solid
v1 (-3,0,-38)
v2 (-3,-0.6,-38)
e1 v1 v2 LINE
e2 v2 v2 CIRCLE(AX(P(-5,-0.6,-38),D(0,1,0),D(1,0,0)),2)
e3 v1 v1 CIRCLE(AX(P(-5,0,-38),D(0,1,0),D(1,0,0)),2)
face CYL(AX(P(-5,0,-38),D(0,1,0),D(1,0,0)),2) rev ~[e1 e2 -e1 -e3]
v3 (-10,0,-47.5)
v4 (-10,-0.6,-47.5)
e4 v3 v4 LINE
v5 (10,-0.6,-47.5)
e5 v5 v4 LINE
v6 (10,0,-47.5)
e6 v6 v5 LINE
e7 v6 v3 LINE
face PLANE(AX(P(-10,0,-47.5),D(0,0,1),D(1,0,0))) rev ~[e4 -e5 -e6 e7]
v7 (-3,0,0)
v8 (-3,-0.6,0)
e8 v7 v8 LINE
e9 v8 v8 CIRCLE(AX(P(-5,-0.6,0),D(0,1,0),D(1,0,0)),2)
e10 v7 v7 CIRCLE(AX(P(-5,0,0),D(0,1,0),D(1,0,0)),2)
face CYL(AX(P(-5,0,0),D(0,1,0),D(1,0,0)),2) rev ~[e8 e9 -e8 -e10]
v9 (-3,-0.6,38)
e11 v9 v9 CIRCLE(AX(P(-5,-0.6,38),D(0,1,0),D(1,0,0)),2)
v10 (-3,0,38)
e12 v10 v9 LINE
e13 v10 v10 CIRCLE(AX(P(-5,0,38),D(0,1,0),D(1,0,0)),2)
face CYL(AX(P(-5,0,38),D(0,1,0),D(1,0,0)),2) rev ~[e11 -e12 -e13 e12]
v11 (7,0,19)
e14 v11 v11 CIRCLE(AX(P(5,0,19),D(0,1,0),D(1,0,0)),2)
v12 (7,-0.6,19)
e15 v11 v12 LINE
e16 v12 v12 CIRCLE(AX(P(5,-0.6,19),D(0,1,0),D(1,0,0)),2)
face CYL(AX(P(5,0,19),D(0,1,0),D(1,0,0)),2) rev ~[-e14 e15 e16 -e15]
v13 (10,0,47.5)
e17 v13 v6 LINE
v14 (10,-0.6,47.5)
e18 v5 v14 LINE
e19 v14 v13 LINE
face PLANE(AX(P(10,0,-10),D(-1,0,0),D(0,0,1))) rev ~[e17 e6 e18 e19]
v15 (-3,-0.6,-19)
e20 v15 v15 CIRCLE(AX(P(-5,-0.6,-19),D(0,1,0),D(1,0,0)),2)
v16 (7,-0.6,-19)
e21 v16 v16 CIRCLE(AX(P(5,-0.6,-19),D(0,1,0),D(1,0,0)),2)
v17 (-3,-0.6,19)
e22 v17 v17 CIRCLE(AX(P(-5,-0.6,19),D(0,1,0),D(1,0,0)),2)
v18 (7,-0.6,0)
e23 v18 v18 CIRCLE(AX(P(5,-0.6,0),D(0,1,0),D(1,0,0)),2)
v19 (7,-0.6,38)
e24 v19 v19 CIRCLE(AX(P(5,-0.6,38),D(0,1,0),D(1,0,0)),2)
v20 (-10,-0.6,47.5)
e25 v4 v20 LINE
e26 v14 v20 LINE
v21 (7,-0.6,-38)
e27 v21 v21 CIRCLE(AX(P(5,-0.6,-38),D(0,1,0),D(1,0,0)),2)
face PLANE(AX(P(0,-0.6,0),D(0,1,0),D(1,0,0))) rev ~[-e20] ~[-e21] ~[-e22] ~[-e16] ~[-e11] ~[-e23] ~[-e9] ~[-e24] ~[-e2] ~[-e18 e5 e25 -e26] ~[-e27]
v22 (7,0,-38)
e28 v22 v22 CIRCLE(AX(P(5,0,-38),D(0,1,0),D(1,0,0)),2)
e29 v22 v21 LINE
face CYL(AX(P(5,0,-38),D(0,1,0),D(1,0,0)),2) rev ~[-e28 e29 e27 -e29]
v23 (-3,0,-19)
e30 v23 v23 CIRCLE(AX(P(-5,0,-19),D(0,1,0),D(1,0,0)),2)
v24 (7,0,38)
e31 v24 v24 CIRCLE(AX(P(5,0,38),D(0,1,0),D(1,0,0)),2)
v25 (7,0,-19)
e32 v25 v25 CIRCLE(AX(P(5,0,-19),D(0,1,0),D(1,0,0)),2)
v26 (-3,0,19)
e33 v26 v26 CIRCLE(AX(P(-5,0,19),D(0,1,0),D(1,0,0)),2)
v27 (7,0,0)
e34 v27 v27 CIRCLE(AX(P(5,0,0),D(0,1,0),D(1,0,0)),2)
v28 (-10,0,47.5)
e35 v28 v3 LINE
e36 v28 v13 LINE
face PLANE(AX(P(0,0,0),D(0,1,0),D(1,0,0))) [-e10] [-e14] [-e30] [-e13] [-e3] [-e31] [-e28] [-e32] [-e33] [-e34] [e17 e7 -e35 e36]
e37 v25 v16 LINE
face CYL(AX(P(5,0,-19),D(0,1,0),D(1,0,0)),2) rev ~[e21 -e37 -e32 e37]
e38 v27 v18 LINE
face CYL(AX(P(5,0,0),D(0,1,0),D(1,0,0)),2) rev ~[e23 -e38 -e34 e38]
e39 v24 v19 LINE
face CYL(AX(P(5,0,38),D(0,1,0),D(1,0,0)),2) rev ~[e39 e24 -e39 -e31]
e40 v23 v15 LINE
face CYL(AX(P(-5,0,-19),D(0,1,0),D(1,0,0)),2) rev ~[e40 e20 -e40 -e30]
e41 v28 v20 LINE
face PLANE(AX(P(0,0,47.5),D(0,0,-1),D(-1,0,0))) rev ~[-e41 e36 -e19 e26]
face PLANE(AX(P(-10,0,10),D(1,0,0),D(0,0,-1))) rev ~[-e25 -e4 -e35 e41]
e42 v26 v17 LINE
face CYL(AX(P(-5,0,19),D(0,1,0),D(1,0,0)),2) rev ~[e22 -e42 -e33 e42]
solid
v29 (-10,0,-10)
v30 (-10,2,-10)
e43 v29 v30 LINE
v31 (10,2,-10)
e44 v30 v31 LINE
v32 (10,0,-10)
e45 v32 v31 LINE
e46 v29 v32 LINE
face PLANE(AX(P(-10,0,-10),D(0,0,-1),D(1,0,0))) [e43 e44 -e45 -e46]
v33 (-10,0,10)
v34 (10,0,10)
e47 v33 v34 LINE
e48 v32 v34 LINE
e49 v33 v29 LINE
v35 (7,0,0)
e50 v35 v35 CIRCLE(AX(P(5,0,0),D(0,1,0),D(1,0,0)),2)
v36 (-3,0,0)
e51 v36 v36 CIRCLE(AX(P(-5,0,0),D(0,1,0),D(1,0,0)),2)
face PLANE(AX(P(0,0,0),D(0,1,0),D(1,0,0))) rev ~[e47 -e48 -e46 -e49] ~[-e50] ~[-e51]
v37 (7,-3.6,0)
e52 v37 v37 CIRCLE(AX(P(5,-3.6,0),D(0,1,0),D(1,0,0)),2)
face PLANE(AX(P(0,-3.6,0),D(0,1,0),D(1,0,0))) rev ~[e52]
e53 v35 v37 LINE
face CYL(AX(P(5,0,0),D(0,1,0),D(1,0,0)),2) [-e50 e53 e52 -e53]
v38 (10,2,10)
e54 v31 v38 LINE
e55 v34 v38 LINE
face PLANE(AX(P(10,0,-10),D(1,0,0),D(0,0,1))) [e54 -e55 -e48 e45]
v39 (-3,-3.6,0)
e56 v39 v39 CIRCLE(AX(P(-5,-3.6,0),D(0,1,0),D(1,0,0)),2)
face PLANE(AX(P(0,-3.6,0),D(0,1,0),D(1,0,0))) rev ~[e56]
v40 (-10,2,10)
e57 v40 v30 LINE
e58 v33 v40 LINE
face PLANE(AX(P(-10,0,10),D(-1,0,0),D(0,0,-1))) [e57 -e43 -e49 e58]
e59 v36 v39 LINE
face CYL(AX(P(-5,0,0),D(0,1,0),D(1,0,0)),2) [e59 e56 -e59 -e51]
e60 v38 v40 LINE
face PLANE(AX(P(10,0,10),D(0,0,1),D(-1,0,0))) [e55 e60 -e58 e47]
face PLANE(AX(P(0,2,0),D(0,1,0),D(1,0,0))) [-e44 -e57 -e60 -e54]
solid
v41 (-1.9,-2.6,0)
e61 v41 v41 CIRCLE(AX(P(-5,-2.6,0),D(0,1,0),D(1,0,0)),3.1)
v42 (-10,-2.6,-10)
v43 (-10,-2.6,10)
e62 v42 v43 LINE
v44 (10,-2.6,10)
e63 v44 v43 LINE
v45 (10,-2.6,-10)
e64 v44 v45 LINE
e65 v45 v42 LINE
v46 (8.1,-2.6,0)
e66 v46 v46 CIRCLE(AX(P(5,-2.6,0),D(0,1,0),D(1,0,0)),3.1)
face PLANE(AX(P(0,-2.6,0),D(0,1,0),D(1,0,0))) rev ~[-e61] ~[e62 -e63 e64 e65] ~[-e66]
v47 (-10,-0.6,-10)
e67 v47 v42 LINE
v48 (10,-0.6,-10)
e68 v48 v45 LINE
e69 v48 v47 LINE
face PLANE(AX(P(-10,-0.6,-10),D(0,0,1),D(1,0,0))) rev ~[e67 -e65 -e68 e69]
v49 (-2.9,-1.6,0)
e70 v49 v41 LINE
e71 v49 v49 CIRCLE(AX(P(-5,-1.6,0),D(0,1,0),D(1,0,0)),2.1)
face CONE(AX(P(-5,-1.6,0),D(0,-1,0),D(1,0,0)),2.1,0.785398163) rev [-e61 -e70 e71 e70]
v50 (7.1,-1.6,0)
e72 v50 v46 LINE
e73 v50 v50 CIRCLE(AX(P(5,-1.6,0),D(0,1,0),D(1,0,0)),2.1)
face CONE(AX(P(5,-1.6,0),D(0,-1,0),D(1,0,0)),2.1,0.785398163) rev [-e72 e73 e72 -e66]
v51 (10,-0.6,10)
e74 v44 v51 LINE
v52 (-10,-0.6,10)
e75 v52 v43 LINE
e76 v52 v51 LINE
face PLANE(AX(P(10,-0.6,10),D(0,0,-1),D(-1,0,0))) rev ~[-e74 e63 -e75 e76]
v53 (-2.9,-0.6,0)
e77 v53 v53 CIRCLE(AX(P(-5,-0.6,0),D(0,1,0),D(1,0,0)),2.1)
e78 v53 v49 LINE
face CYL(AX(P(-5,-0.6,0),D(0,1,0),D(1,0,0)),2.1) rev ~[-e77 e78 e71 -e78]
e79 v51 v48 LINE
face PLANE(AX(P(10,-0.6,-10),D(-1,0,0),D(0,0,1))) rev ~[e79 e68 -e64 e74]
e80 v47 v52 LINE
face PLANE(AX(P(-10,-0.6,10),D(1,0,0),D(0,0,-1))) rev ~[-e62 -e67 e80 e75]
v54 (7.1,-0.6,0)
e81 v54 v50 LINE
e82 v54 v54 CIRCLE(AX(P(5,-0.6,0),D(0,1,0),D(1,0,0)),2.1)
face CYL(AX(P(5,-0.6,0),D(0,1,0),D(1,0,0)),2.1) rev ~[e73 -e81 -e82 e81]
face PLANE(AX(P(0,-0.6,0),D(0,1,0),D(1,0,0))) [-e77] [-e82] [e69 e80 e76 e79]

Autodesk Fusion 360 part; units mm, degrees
sketch "Sketch1" plane through (0, 0, 0) normal (0, 1, 0) x (1, 0, 0)
  line L0 (10, -10) -> (-10, -10)
  line L1 (-10, -10) -> (-10, 10)
  line L2 (-10, 10) -> (10, 10)
  line L3 (10, 10) -> (10, -10)
  line L4 (10, -10) -> (-10, 10) construction
  line L5 (-10, -10) -> (10, 10) construction
  line L6 (0, 0) -> (47.3692, 0) construction
  line L7 (47.3692, 0) -> (-74.5254, 0) construction
  circle A0 centre (5, 0) radius 2
  line L8 (0, -20) -> (0, -2.5)
  circle A1 centre (-5, 0) radius 2
  dimension "d1" = 20
  dimension "d2" = 20
  dimension "d3" = 4
  dimension "d4" = 5
extrude "Extrude1" add sketch "Sketch1" along normal blind 2 contours L0 L1 L2 L3 | A0 | A1 makes body 1
extrude "Extrude2" add sketch "Sketch1" against normal blind 0.6 separate body makes body 2
extrude "Extrude3" add sketch "Sketch1" against normal blind 2 from surface at -0.6 separate body makes body 3
move_face "OffsetFaces1" offset -0.1 2 faces at (6.9901, -1.2667, 0.1991) (-3.0099, -1.2667, 0.1991) on bodies 3
chamfer "Chamfer1" distance 1 angle 45 2 edges at (3.0421, -2.6, 0.7594) (-6.9579, -2.6, 0.7594) on bodies 3
extrude "Extrude4" add sketch "Sketch1" against normal blind 3.6 contours A0 | A1 bodies 1
move_face "OffsetFaces2" offset -0.5 2 faces at (6.6667, -0.4, 10) (-3.3333, -0.2, -10) on bodies 2
pattern_linear "R-Pattern1" count 5 spacing 19 along (0, 0, 1) both ways of bodies 2 makes body 4 at (-1.4231, 0, -44.9539) makes body 5 at (-1.4231, 0, -25.9539) makes body 6 at (-1.4231, 0, 12.0461) makes body 7 at (-1.4231, 0, 31.0461)
combine "Combine1" operation add target body 2 tool bodies 7 6 5 4
